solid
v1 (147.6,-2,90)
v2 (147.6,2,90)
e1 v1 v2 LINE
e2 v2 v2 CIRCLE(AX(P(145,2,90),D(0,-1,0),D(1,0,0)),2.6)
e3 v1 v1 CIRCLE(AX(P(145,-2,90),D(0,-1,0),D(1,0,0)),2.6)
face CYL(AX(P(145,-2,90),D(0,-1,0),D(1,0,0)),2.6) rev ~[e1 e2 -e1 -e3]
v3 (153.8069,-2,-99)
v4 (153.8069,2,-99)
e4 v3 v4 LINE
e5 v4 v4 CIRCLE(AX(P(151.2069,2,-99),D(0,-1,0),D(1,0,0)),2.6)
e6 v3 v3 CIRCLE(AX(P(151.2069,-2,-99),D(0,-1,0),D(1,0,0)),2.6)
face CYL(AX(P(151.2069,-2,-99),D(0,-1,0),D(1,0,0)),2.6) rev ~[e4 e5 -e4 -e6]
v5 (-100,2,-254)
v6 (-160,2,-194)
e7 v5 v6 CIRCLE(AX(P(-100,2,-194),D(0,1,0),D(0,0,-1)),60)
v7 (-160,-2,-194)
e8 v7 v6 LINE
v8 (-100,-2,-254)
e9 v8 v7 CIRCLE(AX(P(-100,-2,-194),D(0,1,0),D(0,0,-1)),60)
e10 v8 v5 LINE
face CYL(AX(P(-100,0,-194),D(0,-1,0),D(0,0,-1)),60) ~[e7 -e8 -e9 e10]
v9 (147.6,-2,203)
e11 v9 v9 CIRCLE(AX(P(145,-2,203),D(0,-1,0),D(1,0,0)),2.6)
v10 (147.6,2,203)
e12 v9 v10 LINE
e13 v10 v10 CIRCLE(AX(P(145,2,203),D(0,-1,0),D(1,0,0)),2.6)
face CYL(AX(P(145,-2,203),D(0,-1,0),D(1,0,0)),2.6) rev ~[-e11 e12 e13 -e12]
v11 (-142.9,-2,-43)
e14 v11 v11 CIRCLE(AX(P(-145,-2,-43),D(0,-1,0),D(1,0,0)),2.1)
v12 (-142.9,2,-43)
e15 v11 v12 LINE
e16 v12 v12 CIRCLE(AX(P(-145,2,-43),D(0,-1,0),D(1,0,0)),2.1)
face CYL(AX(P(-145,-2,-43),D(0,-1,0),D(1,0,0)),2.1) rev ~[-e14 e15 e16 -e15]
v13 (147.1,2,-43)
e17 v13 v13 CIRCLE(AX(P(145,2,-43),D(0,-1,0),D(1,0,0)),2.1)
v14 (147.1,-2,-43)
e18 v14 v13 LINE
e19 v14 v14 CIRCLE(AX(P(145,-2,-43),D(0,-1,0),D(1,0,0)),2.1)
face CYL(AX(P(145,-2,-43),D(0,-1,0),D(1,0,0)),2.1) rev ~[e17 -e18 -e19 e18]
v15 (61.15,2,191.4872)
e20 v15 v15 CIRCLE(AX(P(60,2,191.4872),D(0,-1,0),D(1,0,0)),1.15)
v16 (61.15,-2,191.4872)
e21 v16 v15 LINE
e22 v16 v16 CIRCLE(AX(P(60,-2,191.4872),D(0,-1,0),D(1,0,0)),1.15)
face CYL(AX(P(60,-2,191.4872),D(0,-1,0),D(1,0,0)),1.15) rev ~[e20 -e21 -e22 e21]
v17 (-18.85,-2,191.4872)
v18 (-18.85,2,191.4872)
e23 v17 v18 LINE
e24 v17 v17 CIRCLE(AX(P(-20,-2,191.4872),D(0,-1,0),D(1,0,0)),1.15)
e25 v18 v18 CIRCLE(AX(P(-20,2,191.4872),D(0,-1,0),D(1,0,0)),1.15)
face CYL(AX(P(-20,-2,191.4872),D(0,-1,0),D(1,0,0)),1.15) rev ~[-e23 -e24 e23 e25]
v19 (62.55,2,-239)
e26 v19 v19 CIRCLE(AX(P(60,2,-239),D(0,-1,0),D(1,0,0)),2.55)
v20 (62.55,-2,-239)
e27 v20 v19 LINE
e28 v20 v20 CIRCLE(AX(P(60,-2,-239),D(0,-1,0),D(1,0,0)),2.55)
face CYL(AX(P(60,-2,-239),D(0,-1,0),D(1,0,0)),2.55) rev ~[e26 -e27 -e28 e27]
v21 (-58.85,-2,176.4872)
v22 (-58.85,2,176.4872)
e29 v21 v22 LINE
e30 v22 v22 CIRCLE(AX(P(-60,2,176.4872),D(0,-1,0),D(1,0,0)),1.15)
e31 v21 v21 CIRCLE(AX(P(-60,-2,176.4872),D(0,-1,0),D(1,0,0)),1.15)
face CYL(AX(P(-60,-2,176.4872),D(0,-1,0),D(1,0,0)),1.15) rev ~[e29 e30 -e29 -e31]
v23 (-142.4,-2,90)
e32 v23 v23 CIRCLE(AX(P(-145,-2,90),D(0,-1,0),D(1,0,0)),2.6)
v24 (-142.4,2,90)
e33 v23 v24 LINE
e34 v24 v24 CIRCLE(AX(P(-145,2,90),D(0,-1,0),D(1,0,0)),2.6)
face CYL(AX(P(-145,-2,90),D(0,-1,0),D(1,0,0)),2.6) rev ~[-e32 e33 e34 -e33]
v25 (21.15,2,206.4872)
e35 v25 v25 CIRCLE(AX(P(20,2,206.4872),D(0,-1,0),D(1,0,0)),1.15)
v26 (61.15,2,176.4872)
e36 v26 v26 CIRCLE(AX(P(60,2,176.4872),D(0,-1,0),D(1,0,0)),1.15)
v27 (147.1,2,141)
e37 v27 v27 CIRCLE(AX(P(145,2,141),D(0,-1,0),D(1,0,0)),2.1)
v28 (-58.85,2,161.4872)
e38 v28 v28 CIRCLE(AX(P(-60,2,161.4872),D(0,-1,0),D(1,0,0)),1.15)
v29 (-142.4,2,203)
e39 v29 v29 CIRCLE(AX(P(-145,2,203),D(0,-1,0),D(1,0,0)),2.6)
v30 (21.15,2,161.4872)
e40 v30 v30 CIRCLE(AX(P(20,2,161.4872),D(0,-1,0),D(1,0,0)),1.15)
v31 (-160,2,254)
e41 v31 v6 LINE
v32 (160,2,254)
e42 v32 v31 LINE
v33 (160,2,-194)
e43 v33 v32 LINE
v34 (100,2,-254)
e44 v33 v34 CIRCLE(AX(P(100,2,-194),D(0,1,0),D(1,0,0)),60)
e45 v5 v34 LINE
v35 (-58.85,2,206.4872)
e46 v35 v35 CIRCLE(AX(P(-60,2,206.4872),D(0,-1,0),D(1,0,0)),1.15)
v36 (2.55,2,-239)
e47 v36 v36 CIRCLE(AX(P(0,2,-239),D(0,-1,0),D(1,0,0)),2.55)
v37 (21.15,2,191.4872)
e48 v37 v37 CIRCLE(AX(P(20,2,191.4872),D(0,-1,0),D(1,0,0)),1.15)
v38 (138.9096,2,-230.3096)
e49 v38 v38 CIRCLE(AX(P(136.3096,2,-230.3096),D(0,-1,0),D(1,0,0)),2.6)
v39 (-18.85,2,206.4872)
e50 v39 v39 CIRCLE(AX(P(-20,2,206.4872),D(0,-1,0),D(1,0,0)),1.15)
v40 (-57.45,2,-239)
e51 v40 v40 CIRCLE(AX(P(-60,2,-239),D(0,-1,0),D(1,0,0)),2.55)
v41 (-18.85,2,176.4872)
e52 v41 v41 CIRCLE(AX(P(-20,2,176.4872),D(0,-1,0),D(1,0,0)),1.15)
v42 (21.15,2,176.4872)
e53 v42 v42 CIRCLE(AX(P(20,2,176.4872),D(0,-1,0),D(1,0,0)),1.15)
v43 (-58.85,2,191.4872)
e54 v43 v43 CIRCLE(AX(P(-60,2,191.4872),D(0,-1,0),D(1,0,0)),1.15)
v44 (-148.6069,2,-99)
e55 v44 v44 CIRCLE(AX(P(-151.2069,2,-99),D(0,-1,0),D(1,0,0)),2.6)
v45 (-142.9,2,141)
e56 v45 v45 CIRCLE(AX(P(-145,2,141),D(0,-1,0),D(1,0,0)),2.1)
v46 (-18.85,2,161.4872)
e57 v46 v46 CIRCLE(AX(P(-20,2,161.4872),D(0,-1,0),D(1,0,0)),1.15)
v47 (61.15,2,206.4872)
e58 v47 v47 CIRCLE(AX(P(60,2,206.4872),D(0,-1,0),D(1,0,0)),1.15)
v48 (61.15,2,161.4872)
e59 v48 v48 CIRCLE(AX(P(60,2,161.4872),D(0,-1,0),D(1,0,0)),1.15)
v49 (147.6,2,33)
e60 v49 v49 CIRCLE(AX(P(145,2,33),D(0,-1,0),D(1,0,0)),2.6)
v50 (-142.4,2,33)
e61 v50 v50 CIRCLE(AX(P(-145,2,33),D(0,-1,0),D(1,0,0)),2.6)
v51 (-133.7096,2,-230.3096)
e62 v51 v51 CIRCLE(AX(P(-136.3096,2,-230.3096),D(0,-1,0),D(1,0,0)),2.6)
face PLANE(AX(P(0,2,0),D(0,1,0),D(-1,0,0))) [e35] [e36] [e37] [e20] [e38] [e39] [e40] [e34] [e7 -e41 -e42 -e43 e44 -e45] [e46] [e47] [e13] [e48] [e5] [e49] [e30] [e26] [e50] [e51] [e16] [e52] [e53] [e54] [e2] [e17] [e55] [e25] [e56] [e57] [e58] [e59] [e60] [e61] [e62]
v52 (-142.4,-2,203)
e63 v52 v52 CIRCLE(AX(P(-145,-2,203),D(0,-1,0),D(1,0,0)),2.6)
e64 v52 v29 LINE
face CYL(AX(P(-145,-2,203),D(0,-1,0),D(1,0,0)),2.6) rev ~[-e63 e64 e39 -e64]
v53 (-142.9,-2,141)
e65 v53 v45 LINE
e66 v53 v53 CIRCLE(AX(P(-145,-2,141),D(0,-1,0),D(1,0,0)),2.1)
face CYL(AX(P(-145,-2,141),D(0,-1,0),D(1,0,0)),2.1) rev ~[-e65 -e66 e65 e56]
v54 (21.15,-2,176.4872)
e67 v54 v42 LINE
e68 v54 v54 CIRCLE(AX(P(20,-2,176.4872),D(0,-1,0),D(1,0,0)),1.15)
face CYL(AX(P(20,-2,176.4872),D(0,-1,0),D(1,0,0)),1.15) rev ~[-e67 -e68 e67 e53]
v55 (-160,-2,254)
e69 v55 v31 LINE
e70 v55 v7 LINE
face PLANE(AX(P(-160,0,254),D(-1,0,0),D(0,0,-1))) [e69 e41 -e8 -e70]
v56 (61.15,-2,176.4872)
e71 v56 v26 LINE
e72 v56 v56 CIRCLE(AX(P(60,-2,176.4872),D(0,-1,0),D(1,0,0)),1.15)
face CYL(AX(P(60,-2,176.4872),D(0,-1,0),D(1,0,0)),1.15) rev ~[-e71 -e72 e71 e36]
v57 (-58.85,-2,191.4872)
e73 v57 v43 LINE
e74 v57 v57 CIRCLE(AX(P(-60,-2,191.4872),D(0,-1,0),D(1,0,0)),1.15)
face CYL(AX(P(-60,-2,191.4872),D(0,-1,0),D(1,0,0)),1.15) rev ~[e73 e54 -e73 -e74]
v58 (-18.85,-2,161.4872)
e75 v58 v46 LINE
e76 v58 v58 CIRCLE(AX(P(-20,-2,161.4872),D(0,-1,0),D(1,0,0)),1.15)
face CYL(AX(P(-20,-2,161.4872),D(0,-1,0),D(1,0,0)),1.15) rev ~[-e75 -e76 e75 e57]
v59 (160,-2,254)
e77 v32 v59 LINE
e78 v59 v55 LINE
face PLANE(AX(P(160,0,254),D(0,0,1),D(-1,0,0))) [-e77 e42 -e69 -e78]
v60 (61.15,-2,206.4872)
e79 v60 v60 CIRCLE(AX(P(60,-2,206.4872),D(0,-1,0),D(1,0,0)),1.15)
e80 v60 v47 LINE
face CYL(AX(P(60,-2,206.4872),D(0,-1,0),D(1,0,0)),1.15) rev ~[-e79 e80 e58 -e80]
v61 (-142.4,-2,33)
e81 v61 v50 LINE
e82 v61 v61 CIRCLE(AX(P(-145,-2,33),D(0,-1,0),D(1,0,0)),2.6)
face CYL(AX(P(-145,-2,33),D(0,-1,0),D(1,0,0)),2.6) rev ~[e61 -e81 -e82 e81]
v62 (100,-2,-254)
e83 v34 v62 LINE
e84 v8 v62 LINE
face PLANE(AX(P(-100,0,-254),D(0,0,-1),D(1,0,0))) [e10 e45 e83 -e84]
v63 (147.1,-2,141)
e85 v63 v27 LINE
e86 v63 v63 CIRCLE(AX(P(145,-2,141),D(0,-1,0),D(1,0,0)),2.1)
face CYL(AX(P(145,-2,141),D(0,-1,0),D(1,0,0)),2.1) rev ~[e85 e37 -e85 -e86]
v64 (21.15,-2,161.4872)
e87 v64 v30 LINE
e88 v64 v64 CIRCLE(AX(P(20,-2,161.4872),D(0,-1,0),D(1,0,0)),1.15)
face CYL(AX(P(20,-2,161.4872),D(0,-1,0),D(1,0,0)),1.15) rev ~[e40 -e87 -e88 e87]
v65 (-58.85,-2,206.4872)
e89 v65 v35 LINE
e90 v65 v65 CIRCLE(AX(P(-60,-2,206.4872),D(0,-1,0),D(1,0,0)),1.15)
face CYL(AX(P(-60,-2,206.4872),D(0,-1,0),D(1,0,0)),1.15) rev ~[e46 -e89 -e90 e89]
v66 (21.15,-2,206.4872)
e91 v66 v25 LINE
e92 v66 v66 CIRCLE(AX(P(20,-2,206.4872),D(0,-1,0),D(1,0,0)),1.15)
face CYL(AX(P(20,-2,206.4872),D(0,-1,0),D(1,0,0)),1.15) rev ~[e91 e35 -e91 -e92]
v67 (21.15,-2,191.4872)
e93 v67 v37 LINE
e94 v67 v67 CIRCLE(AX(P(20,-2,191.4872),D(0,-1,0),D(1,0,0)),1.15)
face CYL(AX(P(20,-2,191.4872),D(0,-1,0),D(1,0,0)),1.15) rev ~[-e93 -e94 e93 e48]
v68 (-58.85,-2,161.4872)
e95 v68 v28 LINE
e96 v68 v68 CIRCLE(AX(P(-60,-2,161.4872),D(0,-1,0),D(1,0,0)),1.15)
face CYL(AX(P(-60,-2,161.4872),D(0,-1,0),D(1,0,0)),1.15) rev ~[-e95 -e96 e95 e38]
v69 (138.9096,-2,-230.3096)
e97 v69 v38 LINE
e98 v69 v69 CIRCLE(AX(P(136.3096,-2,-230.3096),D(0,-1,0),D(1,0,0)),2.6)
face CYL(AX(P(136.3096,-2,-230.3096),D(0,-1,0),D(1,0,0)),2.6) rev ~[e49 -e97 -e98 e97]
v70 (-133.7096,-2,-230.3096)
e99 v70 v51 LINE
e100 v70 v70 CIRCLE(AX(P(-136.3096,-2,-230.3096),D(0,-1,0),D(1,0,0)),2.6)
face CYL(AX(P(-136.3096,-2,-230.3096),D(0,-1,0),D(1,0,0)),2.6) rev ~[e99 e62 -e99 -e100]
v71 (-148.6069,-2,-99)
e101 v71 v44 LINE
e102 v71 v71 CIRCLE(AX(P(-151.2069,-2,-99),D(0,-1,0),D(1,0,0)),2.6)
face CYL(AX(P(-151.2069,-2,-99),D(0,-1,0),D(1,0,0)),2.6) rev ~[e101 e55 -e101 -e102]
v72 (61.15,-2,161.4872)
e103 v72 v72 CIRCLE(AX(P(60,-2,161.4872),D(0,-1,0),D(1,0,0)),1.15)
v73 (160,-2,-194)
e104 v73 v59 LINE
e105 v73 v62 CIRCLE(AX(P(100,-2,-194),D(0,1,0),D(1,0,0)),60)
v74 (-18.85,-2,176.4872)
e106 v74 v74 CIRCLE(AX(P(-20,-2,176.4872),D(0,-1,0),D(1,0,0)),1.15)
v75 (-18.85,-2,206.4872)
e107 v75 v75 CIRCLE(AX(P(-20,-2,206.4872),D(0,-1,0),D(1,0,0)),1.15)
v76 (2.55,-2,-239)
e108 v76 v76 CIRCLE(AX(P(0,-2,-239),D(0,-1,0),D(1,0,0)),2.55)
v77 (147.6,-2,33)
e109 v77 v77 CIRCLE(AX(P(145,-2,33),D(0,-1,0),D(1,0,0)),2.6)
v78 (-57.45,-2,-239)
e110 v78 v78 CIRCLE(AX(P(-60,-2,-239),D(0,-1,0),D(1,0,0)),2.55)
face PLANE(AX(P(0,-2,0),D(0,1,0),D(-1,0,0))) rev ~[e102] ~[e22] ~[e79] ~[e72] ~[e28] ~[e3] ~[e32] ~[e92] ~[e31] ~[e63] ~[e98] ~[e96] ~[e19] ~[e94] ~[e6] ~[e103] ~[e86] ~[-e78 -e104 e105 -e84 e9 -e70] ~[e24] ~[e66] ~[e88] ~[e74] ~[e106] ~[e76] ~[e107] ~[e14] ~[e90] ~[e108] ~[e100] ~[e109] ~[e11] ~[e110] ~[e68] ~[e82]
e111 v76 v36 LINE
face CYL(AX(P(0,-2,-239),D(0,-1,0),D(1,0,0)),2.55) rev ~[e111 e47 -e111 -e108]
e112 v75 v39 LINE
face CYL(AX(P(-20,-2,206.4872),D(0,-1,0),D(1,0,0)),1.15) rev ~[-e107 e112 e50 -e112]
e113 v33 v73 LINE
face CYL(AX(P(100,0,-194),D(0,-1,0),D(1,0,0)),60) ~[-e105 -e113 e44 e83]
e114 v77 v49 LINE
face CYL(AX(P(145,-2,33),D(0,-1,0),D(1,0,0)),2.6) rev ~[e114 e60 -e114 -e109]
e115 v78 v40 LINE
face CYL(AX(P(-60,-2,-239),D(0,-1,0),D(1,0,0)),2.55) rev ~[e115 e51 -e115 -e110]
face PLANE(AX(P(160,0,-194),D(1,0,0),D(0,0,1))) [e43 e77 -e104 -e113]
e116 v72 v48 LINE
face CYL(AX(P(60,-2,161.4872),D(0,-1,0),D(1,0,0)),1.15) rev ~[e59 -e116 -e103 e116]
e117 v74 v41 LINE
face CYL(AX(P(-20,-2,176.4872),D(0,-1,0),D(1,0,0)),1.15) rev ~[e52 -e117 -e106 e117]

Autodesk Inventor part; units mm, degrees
ref_plane "YZ Plane" through (0, 0, 0) normal (1, 0, 0) x (0, 1, 0)
ref_plane "XZ Plane" through (0, 0, 0) normal (0, 1, 0) x (-1, 0, 0)
ref_plane "XY Plane" through (0, 0, 0) normal (0, 0, 1) x (1, 0, 0)
sketch "Эскиз1" plane through (0, 0, 0) normal (0, 1, 0) x (-1, 0, 0)
  line L0 (160, -254) -> (-160, -254)
  line L1 (-160, -254) -> (-160, 254)
  line L2 (-160, 254) -> (160, 254)
  line L3 (160, 254) -> (160, -254)
  line L4 (160, -254) -> (-160, 254) construction
  line L5 (-160, -254) -> (160, 254) construction
  arc A0 (-160, -194) -> (-100, -254) centre (-100, -194) ccw
  arc A1 (100, -254) -> (160, -194) centre (100, -194) ccw
  point P0 (0, 0)
  point P1 (0, 0)
  dimension "d0" = 320
  dimension "d1" = 508
  dimension "d8" = 120
extrude "Выдавливание1" add sketch "Эскиз1" along normal mid plane 4 contours L0 A0 L1 L2 L3 A1
sketch "Эскиз4" plane through (0, -2, 0) normal (0, -1, 0) x (1, 0, 0)
  circle A0 centre (145, 203) radius 2.6 projected
  circle A1 centre (145, 141) radius 2.1 projected
  circle A2 centre (145, 90) radius 2.6 projected
  circle A3 centre (145, 33) radius 2.6 projected
  circle A4 centre (145, -43) radius 2.1 projected
  circle A5 centre (151.2069, -99) radius 2.6 projected
  circle A6 centre (136.3096, -230.3096) radius 2.6 projected
  circle A7 centre (60, -239) radius 2.55 projected
  circle A8 centre (0, -239) radius 2.55 projected
  circle A9 centre (-60, -239) radius 2.55 projected
  circle A10 centre (-136.3096, -230.3096) radius 2.6 projected
  circle A11 centre (-151.2069, -99) radius 2.6 projected
  circle A12 centre (-145, -43) radius 2.1 projected
  circle A13 centre (-145, 33) radius 2.6 projected
  circle A14 centre (-145, 90) radius 2.6 projected
  circle A15 centre (-145, 141) radius 2.1 projected
  circle A16 centre (-145, 203) radius 2.6 projected
  point P0 (0, 0)
extrude "Выдавливание4" cut sketch "Эскиз4" against normal up to next
sketch "Эскиз5" plane through (0, -2, 0) normal (0, -1, 0) x (1, 0, 0)
  circle A0 centre (-60, 206.4872) radius 1.15 projected
  circle A1 centre (-60, 191.4872) radius 1.15 projected
  circle A2 centre (-60, 176.4872) radius 1.15 projected
  circle A3 centre (-60, 161.4872) radius 1.15 projected
  circle A4 centre (-60, 146.4872) radius 1.15 projected
  circle A5 centre (-20, 146.4872) radius 1.15 projected
  circle A6 centre (-20, 161.4872) radius 1.15 projected
  circle A7 centre (-20, 176.4872) radius 1.15 projected
  circle A8 centre (-20, 191.4872) radius 1.15 projected
  circle A9 centre (-20, 206.4872) radius 1.15 projected
  circle A10 centre (20, 206.4872) radius 1.15 projected
  circle A11 centre (20, 191.4872) radius 1.15 projected
  circle A12 centre (20, 176.4872) radius 1.15 projected
  circle A13 centre (20, 161.4872) radius 1.15 projected
  circle A14 centre (20, 146.4872) radius 1.15 projected
  circle A15 centre (60, 206.4872) radius 1.15 projected
  circle A16 centre (60, 191.4872) radius 1.15 projected
  circle A17 centre (60, 176.4872) radius 1.15 projected
  circle A18 centre (60, 161.4872) radius 1.15 projected
  circle A19 centre (60, 146.4872) radius 1.15 projected
  point P0 (0, 0)
extrude "Выдавливание5" cut sketch "Эскиз5" against normal up to next contours A0 | A1 | A2 | A3 | A6 | A7 | A8 | A9 | A10 | A11 | A12 | A13 | A15 | A16 | A17 | A18
properties part number "Фанера_крышки"
